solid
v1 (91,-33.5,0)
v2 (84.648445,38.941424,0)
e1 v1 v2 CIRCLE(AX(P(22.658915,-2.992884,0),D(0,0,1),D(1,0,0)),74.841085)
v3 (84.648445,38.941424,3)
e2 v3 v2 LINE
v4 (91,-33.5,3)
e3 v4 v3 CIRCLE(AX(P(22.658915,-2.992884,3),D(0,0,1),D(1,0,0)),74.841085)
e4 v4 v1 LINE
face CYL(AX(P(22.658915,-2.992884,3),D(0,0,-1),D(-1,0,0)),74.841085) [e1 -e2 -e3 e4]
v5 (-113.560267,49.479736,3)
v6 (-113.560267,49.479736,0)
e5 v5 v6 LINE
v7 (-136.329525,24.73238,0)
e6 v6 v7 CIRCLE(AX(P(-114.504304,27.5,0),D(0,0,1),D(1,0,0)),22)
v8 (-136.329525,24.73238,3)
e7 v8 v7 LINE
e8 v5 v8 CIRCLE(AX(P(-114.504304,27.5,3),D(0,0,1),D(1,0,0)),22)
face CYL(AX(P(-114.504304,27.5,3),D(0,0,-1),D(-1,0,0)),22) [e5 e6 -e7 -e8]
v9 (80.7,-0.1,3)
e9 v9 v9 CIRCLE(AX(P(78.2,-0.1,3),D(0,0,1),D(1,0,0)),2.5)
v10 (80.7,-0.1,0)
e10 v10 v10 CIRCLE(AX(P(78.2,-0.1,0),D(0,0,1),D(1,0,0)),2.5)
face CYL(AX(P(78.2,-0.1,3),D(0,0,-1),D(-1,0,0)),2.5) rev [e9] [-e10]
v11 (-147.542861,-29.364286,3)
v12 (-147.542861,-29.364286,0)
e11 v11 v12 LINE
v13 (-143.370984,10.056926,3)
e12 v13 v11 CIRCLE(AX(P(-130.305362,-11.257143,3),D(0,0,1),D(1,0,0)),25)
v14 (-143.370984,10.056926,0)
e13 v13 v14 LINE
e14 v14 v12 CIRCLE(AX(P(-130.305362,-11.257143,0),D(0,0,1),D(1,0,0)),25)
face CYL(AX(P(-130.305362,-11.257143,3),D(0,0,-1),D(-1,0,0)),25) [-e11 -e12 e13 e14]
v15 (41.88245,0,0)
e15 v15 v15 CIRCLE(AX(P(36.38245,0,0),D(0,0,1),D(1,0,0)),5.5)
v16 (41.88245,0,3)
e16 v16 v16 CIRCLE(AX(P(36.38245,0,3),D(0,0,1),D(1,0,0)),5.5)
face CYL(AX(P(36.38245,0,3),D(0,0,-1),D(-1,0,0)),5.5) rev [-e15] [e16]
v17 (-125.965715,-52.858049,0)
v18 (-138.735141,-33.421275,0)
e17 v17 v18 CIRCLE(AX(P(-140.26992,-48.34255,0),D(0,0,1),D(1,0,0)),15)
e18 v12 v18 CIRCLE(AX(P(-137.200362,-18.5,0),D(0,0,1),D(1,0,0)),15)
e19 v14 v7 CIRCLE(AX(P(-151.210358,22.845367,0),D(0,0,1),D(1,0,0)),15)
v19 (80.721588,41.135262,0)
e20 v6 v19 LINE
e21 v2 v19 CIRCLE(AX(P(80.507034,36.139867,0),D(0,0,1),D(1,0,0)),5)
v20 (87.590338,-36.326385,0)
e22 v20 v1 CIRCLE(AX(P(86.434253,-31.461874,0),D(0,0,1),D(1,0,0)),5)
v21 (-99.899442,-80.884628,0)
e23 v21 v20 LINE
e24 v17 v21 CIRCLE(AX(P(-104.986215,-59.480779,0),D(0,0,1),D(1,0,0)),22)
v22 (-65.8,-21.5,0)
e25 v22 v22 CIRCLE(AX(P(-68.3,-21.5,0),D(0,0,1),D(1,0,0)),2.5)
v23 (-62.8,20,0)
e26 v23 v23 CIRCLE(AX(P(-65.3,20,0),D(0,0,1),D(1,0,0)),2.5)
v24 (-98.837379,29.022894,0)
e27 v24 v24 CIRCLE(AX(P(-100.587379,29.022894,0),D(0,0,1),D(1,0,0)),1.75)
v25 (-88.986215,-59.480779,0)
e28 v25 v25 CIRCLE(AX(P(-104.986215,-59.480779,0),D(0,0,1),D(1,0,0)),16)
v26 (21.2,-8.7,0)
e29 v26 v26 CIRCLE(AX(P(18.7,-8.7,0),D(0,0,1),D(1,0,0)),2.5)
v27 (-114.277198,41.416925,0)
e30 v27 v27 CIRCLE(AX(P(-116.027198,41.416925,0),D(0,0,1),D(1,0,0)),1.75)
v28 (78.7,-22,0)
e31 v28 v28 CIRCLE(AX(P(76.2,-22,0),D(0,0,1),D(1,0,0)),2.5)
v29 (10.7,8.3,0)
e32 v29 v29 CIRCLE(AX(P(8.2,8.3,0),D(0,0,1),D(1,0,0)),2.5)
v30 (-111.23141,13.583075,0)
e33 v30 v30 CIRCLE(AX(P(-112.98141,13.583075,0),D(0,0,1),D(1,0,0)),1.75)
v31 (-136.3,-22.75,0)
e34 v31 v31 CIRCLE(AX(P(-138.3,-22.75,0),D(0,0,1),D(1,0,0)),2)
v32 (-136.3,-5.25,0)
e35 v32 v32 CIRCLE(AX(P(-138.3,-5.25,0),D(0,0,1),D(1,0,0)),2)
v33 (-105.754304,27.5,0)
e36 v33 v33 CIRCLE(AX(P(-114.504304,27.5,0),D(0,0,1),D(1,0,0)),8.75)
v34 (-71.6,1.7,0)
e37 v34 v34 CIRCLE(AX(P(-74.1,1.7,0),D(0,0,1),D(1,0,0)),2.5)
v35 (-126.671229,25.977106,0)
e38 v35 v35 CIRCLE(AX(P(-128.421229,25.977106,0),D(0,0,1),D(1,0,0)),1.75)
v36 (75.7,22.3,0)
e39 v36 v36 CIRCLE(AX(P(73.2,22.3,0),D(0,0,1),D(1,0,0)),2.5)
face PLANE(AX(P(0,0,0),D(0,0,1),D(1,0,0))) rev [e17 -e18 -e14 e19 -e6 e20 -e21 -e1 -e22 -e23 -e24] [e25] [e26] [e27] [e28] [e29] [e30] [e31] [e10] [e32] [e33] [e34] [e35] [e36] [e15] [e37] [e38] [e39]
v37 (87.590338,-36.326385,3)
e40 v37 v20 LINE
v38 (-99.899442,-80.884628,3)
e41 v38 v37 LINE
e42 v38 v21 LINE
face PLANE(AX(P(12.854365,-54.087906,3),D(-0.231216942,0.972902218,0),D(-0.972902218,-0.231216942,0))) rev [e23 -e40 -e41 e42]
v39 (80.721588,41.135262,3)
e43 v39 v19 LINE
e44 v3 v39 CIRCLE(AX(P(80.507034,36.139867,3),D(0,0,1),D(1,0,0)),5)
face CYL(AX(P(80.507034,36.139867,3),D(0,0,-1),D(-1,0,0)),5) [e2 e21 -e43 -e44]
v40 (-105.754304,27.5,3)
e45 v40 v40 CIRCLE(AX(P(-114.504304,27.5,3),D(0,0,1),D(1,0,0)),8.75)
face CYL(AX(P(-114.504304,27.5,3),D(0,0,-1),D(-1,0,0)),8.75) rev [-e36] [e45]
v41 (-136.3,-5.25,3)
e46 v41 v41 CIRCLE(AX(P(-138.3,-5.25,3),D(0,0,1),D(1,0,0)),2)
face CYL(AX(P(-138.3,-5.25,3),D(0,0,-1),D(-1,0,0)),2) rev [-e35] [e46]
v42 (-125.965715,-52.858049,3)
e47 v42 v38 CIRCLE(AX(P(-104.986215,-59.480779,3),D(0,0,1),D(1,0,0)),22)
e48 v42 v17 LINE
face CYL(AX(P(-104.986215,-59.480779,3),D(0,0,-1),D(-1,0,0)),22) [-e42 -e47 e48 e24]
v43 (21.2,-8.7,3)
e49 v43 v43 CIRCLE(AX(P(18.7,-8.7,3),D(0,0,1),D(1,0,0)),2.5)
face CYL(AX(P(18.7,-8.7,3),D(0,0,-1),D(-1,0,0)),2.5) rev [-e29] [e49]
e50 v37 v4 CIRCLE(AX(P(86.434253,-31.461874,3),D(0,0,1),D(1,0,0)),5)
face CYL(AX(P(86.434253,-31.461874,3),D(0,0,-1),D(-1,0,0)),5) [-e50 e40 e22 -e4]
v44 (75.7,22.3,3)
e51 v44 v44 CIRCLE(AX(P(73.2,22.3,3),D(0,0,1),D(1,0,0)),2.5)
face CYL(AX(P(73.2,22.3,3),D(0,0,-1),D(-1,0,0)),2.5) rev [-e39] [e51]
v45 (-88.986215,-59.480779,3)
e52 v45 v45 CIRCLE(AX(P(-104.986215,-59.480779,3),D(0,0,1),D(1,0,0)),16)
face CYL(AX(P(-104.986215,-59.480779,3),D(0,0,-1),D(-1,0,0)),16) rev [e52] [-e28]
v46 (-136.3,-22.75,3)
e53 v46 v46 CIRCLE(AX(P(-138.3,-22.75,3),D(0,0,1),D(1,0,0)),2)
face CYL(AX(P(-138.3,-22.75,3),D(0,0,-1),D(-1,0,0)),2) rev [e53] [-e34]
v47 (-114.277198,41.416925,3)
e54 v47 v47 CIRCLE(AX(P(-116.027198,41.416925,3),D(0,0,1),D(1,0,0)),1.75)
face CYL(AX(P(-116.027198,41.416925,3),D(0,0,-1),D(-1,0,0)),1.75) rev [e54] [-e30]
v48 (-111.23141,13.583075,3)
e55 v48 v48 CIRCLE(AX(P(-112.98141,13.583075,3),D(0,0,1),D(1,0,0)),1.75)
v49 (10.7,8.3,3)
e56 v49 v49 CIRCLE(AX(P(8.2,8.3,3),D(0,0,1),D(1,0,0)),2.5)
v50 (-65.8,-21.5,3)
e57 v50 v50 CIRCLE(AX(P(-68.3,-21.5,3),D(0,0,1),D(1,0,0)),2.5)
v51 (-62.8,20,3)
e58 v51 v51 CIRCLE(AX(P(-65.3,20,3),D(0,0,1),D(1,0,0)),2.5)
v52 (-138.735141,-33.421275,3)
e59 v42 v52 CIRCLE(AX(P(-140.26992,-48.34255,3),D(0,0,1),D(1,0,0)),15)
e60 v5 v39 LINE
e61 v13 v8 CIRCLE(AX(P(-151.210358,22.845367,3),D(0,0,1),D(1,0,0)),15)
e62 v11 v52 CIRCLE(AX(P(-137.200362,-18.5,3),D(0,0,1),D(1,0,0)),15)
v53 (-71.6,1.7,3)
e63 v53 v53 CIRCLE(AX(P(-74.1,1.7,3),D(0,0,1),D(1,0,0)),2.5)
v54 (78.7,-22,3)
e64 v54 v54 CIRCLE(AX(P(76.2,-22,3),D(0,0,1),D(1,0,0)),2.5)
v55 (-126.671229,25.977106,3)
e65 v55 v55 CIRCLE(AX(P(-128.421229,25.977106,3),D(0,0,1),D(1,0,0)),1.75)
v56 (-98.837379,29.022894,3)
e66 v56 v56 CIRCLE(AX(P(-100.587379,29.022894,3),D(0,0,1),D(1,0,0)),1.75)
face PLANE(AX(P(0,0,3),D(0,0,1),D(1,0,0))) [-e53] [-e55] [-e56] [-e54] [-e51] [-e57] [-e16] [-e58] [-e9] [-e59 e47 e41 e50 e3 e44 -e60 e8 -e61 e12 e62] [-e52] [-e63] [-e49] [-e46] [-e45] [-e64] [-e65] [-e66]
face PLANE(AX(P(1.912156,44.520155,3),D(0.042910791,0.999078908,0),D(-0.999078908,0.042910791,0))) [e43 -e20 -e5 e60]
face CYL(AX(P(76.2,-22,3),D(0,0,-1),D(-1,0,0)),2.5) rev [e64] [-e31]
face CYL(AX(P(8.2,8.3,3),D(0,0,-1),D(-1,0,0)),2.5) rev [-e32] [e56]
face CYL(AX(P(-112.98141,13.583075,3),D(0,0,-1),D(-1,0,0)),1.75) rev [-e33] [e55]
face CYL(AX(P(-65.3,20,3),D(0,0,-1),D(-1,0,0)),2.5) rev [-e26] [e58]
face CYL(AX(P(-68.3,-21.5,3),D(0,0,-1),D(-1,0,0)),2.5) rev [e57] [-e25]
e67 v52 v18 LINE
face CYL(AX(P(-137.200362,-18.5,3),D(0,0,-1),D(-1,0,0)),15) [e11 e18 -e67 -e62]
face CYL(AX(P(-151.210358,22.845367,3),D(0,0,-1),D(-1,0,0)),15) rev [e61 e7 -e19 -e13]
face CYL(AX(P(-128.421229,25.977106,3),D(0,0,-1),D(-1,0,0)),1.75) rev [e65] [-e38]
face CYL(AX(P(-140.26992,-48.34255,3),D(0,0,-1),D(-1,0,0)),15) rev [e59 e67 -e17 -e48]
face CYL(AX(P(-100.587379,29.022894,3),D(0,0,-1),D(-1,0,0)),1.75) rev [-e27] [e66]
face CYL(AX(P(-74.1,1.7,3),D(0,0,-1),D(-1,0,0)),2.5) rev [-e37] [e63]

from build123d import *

# Parameters (mm, degrees)
SKETCH1_R           = 2
SKETCH1_R_2         = 2.5
SKETCH1_R_3         = 5.5
SKETCH1_R_4         = 1.75
SKETCH1_R_5         = 8.75
SKETCH1_R_6         = 16
BOSS_EXTRUDE1_DEPTH = 3


with BuildPart() as part:
    # Sketch1 → Boss-Extrude1 (new body)
    with BuildSketch(Plane.XY):
        with BuildLine():
            ThreePointArc((-113.560266524, 49.479735972), (-130.694234864, 42.395842918), (-136.329525131, 24.732380193))
            ThreePointArc((-136.329525131, 24.732380193), (-137.686520221, 16.356467092), (-143.370984404, 10.056925608))
            ThreePointArc((-143.370984404, 10.056925608), (-155.166532009, -8.626129333), (-147.542861296, -29.364285714))
            ThreePointArc((-147.542861296, -29.364285714), (-143.475887893, -32.124161339), (-138.735140925, -33.421275181))
            ThreePointArc((-138.735140925, -33.421275181), (-127.733357788, -40.106373668), (-125.965715234, -52.858048609))
            ThreePointArc((-125.965715234, -52.858048609), (-121.095745986, -74.463536322), (-99.899442585, -80.88462828))
            Line((-99.899442585, -80.88462828), (87.590338172, -36.326384859))
            ThreePointArc((87.590338172, -36.326384859), (89.625170423, -35.311295666), (91, -33.5))
            ThreePointArc((91, -33.5), (97.213976906, 3.543991621), (84.648444567, 38.941424032))
            ThreePointArc((84.648444567, 38.941424032), (82.945648013, 40.504860181), (80.721588123, 41.135261877))
            Line((80.721588123, 41.135261877), (-113.560266524, 49.479735972))
        make_face()
        with Locations((-138.3, -22.75)):
            Circle(SKETCH1_R, mode=Mode.SUBTRACT)
        with Locations((-68.3, -21.5)):
            Circle(SKETCH1_R_2, mode=Mode.SUBTRACT)
        with Locations((-138.3, -5.25)):
            Circle(SKETCH1_R, mode=Mode.SUBTRACT)
        with Locations((-74.1, 1.7)):
            Circle(SKETCH1_R_2, mode=Mode.SUBTRACT)
        with Locations((18.7, -8.7)):
            Circle(SKETCH1_R_2, mode=Mode.SUBTRACT)
        with Locations((76.2, -22)):
            Circle(SKETCH1_R_2, mode=Mode.SUBTRACT)
        with Locations((8.2, 8.3)):
            Circle(SKETCH1_R_2, mode=Mode.SUBTRACT)
        with Locations((36.382449965, 0)):
            Circle(SKETCH1_R_3, mode=Mode.SUBTRACT)
        with Locations((78.2, -0.1)):
            Circle(SKETCH1_R_2, mode=Mode.SUBTRACT)
        with Locations((-112.981409671, 13.583075301)):
            Circle(SKETCH1_R_4, mode=Mode.SUBTRACT)
        with Locations((-128.421228626, 25.977105744)):
            Circle(SKETCH1_R_4, mode=Mode.SUBTRACT)
        with Locations((-65.3, 20)):
            Circle(SKETCH1_R_2, mode=Mode.SUBTRACT)
        with Locations((-114.504303927, 27.5)):
            Circle(SKETCH1_R_5, mode=Mode.SUBTRACT)
        with Locations((-100.587379227, 29.022894256)):
            Circle(SKETCH1_R_4, mode=Mode.SUBTRACT)
        with Locations((-116.027198182, 41.416924699)):
            Circle(SKETCH1_R_4, mode=Mode.SUBTRACT)
        with Locations((73.2, 22.3)):
            Circle(SKETCH1_R_2, mode=Mode.SUBTRACT)
        with Locations((-104.986214828, -59.480779371)):
            Circle(SKETCH1_R_6, mode=Mode.SUBTRACT)
    extrude(amount=BOSS_EXTRUDE1_DEPTH)


solid = part.part
